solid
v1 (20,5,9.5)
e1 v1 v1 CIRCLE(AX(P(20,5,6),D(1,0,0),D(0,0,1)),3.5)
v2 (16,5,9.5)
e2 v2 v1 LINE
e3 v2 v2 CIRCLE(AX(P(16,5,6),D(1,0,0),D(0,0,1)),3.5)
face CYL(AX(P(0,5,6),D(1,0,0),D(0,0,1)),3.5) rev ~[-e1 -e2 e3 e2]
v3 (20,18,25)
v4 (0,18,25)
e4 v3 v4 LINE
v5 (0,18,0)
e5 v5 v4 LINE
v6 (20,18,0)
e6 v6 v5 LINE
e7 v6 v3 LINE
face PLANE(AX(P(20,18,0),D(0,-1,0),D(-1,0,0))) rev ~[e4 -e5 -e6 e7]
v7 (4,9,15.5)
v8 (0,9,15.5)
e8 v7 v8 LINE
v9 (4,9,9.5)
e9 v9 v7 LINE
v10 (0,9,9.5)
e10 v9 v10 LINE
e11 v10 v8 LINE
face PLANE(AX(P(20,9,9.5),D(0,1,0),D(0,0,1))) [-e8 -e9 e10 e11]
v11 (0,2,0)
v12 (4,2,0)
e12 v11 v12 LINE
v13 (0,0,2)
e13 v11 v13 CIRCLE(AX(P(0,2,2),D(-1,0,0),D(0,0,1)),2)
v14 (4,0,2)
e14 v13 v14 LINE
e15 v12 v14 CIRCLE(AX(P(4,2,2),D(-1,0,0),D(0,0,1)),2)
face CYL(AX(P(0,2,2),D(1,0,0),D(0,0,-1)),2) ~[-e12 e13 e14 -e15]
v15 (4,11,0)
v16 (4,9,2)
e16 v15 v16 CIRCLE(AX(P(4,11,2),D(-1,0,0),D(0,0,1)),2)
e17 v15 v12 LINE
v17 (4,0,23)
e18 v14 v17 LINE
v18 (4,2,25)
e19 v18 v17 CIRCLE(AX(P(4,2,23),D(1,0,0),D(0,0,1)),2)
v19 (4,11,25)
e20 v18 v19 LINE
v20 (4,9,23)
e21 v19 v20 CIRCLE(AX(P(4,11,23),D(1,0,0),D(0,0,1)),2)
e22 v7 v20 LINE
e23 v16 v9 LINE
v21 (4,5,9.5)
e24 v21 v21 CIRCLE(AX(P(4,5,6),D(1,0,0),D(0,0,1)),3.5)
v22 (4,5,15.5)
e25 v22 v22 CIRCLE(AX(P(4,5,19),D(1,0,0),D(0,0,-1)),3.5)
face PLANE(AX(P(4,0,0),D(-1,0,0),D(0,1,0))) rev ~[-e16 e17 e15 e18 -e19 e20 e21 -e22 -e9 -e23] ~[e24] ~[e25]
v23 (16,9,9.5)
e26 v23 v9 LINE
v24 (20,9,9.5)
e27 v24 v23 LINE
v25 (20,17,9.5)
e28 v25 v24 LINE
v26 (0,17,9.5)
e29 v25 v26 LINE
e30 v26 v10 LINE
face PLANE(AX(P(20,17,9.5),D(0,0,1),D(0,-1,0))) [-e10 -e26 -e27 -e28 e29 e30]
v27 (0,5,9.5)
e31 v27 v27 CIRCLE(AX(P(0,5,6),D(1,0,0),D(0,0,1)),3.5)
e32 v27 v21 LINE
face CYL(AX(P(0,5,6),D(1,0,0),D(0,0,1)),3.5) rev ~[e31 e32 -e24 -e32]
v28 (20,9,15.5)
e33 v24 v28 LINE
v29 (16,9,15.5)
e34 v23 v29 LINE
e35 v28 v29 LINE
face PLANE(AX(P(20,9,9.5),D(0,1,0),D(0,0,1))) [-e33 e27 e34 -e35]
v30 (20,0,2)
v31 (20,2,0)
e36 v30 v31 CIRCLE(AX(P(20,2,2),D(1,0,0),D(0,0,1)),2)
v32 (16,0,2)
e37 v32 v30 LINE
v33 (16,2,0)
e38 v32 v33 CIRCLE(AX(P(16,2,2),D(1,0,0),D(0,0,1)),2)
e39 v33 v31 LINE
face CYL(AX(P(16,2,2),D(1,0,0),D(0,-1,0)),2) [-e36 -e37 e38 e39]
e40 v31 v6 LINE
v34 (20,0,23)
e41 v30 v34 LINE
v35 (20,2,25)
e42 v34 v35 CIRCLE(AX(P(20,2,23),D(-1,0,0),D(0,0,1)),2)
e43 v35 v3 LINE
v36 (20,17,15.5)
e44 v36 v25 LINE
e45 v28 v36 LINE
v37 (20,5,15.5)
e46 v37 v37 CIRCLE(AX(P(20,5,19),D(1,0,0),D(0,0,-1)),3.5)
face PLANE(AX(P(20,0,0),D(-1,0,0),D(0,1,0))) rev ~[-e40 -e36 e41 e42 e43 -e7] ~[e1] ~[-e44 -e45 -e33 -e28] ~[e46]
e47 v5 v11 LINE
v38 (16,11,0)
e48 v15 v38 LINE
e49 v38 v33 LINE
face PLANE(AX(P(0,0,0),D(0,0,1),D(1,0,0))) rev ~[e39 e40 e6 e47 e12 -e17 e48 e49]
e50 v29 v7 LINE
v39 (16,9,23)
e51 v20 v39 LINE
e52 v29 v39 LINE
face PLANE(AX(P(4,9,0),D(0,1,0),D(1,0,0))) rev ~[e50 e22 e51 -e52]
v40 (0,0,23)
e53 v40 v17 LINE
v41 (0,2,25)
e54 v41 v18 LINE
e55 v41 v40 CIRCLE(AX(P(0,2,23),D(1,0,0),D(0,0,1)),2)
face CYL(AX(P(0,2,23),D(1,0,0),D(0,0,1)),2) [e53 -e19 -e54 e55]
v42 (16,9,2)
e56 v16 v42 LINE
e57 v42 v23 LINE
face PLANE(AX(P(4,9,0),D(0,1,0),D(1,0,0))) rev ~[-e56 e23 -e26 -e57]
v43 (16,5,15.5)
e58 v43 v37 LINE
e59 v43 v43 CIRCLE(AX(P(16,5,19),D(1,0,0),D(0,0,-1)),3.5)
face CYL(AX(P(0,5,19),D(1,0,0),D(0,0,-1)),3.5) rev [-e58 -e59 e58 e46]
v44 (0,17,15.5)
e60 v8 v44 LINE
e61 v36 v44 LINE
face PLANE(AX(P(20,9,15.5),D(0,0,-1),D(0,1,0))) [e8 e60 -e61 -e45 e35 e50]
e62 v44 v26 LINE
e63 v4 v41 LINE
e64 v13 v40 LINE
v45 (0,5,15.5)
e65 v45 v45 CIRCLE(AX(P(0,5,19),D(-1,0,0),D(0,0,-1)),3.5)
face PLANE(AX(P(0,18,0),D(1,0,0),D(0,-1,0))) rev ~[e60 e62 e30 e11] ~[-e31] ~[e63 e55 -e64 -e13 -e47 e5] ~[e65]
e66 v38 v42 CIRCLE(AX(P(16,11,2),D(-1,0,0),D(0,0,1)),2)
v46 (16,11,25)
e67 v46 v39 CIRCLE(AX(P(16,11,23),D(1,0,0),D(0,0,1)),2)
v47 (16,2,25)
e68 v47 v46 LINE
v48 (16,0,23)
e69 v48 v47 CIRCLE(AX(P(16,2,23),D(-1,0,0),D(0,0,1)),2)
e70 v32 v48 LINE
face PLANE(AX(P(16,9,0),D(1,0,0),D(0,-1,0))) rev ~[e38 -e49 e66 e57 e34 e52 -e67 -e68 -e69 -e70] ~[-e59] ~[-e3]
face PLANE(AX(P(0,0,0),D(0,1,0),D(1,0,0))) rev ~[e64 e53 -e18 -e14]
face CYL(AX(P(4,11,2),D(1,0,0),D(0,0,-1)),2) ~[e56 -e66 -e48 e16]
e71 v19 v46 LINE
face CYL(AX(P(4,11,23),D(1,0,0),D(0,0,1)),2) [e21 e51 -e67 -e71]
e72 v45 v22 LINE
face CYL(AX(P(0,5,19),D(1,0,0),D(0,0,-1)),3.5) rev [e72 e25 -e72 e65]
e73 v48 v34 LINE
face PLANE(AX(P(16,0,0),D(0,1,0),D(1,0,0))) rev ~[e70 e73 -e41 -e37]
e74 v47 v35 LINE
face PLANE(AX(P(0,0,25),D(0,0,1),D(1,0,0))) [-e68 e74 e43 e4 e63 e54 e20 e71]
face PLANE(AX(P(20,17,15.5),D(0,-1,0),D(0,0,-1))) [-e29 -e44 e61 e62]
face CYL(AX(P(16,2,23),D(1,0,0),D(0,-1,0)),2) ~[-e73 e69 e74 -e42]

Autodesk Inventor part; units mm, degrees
ref_plane "YZ Plane" through (0, 0, 0) normal (1, 0, 0) x (0, 1, 0)
ref_plane "XZ Plane" through (0, 0, 0) normal (0, 1, 0) x (-1, 0, 0)
sketch "Sketch1" plane through (0, 0, 0) normal (0, 0, 1) x (1, 0, 0)
  line L0 (20, 0) -> (20, 18)
  line L1 (20, 18) -> (0, 18)
  line L2 (0, 18) -> (0, 0)
  line L3 (0, 0) -> (4, 0)
  line L4 (4, 0) -> (4, 9)
  line L5 (4, 9) -> (16, 9)
  line L6 (16, 9) -> (16, 0)
  line L7 (16, 0) -> (20, 0)
  point P0 (10, 9)
  point P1 (10, 18)
  dimension "d0" = 18
  dimension "d1" = 20
  dimension "d2" = 9
  dimension "d28" = 12
  dimension "d29" = 4
  dimension "d30" = 4
extrude "Extrusion1" add sketch "Sketch1" along normal blind 25
sketch "Sketch2" plane through (0, 0, 0) normal (-1, 0, 0) x (0, 0, 1)
  line L0 (0, 0) -> (25, 0) projected
  line L1 (0, 0) -> (0, 18) projected
  point P0 (6, 5)
  dimension "d10" = 5
  dimension "d11" = 6
hole "Hole1" at (0, 5, 6) direction (1, 0, 0) diameter 7 end through all
ref_plane "Work Plane1" through (0, 0, 12.5) normal (0, 0, 1) x (1, 0, 0)
mirror "Mirror1" about plane through (0, 0, 12.5) normal (0, 0, 1) of "Hole1"
fillet "Fillet1" radius 2 6 edges at (10, 9, 0) (2, 0, 0) (18, 0, 0) (2, 0, 25) (18, 0, 25) (10, 9, 25)
sketch "Sketch3" plane through (20, 18, 25) normal (1, 0, 0) x (0, 0, -1)
  line L0 (9.5, -1) -> (15.5, -1)
  line L1 (15.5, -1) -> (15.5, -9)
  line L2 (15.5, -9) -> (9.5, -9)
  line L3 (9.5, -9) -> (9.5, -1)
  line L4 (25, 0) -> (0, 0) projected
  line L5 (0, -16) -> (0, 0) projected
  point P0 (25, -18)
  dimension "d21" = 6
  dimension "d22" = 8
  dimension "d24" = 9
  dimension "d25" = 9.5
extrude "Extrusion2" cut sketch "Sketch3" against normal blind 20
properties part number "Salida"
